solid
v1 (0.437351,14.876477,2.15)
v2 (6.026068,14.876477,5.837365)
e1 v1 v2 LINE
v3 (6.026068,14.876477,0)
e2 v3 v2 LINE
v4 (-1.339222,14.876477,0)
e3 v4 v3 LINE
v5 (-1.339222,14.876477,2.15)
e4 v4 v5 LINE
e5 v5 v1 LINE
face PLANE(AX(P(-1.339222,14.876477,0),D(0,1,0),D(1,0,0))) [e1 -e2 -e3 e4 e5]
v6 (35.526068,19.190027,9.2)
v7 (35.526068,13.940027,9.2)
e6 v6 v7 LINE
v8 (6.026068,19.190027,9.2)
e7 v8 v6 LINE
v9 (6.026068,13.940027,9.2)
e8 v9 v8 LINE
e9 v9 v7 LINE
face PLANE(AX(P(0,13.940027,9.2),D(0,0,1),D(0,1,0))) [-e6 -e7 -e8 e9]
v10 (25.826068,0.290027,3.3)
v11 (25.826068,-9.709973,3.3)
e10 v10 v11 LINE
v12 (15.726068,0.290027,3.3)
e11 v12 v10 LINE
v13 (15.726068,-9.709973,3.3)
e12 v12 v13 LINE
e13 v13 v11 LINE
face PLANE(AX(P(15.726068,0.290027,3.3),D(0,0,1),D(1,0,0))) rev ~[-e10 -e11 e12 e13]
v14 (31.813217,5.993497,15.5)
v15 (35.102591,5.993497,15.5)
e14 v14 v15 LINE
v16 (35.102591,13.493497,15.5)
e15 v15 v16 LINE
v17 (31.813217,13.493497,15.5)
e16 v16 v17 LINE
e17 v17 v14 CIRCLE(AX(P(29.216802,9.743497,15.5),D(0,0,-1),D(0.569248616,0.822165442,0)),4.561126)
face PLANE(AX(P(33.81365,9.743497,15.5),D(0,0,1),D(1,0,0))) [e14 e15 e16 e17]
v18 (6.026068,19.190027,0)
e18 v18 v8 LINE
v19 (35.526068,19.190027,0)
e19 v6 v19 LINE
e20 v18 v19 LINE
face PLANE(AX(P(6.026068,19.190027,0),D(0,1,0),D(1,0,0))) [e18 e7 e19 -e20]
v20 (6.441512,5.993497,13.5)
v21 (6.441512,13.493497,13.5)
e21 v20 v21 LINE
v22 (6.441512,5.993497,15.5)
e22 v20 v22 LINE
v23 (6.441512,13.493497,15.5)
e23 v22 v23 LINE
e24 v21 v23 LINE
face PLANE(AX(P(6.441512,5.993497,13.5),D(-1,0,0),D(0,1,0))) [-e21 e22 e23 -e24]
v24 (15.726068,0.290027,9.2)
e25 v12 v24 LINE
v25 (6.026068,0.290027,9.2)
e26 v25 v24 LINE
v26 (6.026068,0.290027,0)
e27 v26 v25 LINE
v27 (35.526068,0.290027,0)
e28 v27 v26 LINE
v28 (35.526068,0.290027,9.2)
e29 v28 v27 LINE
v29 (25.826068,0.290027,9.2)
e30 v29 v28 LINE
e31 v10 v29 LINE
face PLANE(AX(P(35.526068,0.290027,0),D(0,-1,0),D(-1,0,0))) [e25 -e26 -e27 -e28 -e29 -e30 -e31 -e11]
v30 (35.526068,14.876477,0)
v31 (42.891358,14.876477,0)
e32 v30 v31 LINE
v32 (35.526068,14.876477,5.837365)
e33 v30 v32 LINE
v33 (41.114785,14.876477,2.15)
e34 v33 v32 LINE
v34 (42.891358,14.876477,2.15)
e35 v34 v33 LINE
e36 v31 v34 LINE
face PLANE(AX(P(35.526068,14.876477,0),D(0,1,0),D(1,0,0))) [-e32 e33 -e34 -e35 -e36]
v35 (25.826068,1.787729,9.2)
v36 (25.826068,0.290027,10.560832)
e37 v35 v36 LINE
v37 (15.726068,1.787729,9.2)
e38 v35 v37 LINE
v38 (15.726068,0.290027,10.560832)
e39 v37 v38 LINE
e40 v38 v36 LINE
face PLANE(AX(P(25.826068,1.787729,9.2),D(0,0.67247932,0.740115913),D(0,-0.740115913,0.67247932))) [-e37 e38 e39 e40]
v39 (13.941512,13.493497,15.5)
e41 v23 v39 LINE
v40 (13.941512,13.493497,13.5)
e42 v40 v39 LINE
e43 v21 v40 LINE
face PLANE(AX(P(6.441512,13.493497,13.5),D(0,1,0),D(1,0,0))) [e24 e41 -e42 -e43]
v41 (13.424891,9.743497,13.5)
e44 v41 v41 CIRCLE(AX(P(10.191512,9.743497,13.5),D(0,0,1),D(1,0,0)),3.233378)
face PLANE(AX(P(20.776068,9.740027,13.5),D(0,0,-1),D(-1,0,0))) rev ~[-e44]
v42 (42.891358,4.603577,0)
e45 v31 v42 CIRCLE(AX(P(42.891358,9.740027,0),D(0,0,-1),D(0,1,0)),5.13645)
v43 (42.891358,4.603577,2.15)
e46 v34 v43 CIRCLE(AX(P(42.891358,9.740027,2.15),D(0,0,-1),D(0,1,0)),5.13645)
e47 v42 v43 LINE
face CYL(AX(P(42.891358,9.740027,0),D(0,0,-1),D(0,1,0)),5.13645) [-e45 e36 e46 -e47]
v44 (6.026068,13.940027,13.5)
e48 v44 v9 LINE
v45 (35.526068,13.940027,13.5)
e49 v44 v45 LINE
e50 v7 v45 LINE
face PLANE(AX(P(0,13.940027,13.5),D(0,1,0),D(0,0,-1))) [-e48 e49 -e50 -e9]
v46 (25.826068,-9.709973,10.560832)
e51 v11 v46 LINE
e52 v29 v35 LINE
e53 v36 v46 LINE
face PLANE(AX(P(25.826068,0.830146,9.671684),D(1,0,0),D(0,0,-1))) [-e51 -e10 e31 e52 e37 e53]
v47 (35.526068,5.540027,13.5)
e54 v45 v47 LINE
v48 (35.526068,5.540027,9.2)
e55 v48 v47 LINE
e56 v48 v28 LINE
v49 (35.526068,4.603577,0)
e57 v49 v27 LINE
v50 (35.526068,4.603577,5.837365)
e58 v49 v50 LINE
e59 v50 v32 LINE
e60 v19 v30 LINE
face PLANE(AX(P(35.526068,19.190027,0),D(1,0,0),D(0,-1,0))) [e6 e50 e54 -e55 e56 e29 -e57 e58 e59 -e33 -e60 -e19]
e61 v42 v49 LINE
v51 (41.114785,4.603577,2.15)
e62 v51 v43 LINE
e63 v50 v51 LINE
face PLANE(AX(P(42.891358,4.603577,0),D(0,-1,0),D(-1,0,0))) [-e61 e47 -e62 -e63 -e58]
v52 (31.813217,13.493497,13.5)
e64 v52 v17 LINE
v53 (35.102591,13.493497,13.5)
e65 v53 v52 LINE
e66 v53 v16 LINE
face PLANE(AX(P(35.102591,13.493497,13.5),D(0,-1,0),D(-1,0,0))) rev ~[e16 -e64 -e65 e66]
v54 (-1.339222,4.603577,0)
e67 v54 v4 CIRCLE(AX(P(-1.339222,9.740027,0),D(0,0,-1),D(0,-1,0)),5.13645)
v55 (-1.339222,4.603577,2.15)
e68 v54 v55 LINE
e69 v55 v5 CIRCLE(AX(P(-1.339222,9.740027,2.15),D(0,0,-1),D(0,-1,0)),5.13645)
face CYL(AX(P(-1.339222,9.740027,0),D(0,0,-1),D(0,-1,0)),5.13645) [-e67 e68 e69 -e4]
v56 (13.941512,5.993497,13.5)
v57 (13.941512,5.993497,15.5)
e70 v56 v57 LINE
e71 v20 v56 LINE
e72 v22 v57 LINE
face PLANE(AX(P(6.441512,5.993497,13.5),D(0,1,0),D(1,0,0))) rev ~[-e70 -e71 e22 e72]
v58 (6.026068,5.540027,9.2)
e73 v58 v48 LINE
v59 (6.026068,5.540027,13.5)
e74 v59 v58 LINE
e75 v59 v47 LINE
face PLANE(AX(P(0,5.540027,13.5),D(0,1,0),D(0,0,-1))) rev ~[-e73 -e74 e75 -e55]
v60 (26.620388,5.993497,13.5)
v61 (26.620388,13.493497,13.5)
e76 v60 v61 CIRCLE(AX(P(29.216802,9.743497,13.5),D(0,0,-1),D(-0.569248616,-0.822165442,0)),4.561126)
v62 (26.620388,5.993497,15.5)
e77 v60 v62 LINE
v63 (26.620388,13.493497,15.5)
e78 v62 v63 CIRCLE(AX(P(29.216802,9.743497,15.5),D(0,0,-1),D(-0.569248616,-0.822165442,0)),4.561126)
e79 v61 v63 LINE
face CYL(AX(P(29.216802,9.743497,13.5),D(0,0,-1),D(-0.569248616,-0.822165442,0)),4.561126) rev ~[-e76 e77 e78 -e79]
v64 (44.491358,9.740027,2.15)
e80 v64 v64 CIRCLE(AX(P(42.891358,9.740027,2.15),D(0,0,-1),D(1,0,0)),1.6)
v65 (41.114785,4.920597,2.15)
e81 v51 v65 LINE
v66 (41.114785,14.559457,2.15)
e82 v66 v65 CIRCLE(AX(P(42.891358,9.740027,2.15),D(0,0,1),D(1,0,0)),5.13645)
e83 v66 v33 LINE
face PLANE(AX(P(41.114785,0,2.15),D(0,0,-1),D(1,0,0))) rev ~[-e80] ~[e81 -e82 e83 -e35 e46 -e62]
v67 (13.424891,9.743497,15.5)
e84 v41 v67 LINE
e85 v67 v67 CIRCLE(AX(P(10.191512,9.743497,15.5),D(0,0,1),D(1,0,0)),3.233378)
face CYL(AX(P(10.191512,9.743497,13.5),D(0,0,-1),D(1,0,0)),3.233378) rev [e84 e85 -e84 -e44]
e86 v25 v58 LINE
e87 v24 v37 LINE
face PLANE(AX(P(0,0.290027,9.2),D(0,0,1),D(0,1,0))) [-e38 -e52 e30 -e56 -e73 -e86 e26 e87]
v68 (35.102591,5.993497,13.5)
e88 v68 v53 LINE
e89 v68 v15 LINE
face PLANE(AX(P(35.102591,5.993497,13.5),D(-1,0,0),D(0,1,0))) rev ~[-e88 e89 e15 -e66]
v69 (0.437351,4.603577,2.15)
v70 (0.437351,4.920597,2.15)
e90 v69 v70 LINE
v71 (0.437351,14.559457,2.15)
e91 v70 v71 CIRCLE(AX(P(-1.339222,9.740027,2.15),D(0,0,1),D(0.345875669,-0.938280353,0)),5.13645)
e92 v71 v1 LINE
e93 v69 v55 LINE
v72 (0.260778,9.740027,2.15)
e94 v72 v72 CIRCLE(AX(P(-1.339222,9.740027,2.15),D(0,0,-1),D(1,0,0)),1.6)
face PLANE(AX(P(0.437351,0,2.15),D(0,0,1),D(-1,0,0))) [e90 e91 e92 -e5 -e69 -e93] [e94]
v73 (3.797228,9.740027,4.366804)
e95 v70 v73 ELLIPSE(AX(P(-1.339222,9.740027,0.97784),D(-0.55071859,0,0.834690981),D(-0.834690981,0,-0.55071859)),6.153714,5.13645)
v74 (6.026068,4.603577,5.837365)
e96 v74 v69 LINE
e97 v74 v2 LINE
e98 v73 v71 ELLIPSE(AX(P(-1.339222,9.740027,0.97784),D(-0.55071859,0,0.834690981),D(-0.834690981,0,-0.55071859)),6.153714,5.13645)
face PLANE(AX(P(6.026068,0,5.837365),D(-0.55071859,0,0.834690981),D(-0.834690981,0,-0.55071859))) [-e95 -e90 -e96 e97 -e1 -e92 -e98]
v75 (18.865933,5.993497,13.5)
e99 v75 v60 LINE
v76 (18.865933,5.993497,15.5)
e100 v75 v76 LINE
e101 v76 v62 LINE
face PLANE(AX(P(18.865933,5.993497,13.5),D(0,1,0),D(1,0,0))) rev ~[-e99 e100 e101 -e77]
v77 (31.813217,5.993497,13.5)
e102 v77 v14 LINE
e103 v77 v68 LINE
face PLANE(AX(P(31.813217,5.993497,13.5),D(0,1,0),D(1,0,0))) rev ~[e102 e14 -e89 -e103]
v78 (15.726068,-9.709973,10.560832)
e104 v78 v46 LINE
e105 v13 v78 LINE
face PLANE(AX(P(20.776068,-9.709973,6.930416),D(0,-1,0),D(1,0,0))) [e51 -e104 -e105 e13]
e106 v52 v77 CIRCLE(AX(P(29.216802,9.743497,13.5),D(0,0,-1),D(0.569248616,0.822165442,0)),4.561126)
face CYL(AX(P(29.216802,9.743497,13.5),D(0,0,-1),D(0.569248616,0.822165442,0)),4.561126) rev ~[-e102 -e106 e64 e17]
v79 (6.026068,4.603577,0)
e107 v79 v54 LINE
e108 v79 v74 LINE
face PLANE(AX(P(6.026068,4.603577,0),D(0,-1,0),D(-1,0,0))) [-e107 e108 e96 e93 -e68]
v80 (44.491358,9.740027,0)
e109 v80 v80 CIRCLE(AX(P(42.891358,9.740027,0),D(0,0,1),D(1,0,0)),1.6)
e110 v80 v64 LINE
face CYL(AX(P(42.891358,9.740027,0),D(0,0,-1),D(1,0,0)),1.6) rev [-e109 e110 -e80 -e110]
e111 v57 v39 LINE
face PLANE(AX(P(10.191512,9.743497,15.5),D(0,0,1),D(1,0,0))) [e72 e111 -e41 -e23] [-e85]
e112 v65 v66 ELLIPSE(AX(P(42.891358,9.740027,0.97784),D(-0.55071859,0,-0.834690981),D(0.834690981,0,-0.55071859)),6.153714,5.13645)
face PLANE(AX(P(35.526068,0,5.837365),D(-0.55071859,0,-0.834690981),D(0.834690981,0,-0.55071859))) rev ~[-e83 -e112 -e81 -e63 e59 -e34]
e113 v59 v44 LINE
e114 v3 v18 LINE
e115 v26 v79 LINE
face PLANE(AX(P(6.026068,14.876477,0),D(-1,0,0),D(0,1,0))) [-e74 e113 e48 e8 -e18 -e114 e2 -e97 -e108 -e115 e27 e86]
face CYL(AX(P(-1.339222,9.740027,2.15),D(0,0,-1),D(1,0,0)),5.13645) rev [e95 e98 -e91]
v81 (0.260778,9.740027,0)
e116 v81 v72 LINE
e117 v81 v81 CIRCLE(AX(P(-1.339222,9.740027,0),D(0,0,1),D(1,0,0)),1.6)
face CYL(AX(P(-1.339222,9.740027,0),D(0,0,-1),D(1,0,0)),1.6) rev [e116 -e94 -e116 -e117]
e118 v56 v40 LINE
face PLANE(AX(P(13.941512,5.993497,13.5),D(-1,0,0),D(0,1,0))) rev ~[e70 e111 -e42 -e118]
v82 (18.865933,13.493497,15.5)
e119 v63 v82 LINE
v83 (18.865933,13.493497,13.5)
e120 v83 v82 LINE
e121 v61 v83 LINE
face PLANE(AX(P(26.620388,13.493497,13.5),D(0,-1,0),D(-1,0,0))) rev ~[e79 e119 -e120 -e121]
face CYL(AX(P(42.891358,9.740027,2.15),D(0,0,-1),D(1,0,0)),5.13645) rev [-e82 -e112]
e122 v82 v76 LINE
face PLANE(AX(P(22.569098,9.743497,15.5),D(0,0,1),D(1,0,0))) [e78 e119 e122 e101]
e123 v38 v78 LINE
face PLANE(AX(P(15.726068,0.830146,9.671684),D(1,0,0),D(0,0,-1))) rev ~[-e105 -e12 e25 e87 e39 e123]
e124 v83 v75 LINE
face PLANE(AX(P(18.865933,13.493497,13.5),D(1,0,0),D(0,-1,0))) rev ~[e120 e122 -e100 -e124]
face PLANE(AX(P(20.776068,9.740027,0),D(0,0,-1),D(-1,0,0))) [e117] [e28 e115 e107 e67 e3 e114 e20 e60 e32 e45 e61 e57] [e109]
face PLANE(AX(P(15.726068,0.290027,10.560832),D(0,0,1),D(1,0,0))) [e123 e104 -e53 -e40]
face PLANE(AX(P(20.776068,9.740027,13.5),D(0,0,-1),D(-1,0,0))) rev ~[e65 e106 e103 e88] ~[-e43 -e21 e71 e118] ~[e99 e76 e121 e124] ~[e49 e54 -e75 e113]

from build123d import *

# Parameters (mm, degrees)
SKETCH1_R           = 1.6
BOSS_EXTRUDE1_DEPTH = 13.5
CUT_EXTRUDE2_DEPTH  = 54.452572483
SKETCH3_W           = 4.3
SKETCH3_H           = 5.25
CUT_EXTRUDE4_DEPTH  = 54.452572483
SKETCH4_W           = 7.5
SKETCH4_H           = 7.5
SKETCH4_R           = 3.233378309
BOSS_EXTRUDE2_DEPTH = 2
CUT_EXTRUDE6_START  = -7.05
SKETCH5_R           = 5.136449747
CUT_EXTRUDE6_DEPTH  = 7.05
SKETCH6_W           = 10.1
SKETCH6_H           = 7.260831794
BOSS_EXTRUDE3_DEPTH = 10
BOSS_EXTRUDE4_DEPTH = 10.1


with BuildPart() as part:
    # Sketch1 → Boss-Extrude1 (new body)
    with BuildSketch(Plane.XY):
        with BuildLine():
            Line((6.026068185, 19.19002712), (35.526068185, 19.19002712))
            Line((35.526068185, 19.19002712), (35.526068185, 14.876476867))
            Line((35.526068185, 14.876476867), (42.891358492, 14.876476867))
            ThreePointArc((42.891358492, 14.876476867), (48.027808239, 9.74002712), (42.891358492, 4.603577373))
            Line((42.891358492, 4.603577373), (35.526068185, 4.603577373))
            Line((35.526068185, 4.603577373), (35.526068185, 0.29002712))
            Line((35.526068185, 0.29002712), (6.026068185, 0.29002712))
            Line((6.026068185, 0.29002712), (6.026068185, 4.603577373))
            Line((6.026068185, 4.603577373), (-1.339222121, 4.603577373))
            ThreePointArc((-1.339222121, 4.603577373), (-6.475671868, 9.74002712), (-1.339222121, 14.876476867))
            Line((-1.339222121, 14.876476867), (6.026068185, 14.876476867))
            Line((6.026068185, 14.876476867), (6.026068185, 19.19002712))
        make_face()
        with Locations((-1.339222121, 9.74002712)):
            Circle(SKETCH1_R, mode=Mode.SUBTRACT)
        with Locations((42.891358492, 9.74002712)):
            Circle(SKETCH1_R, mode=Mode.SUBTRACT)
    extrude(amount=BOSS_EXTRUDE1_DEPTH)

    # Sketch2 → Cut-Extrude2 (cut, through all)
    with BuildSketch(Plane(origin=(0, 0, 0), x_dir=(1, 0, 0), z_dir=(0, 1, 0))):
        Polygon((-6.475671868, -2.15), (-6.475671868, 0), (-10.044911126, 0), (-10.044911126, -17.049735049), (6.026068185, -17.049735049), (6.026068185, -5.837365249), (0.437350873, -2.15), align=None)
        Polygon((48.027808239, 0), (51.597047497, 0), (51.597047497, -17.049735049), (35.526068185, -17.049735049), (35.526068185, -5.837365249), (41.114785497, -2.15), (48.027808239, -2.15), align=None)
    extrude(amount=CUT_EXTRUDE2_DEPTH, mode=Mode.SUBTRACT)

    # Sketch3 → Cut-Extrude4 (cut, through all)
    with BuildSketch(Plane(origin=(0, 0, 0), x_dir=(0, 0, -1), z_dir=(1, 0, 0))):
        with Locations((-11.35, 16.56502712)):
            Rectangle(SKETCH3_W, SKETCH3_H)
        with Locations((-11.35, 2.91502712)):
            Rectangle(SKETCH3_W, SKETCH3_H)
    extrude(amount=CUT_EXTRUDE4_DEPTH, mode=Mode.SUBTRACT)

    # Sketch4 → Boss-Extrude2 (add)
    # profile 1 of 3: a face of its own
    with BuildSketch(Plane.XY.offset(13.5)):
        with Locations((10.1915125, 9.743497044)):
            Rectangle(SKETCH4_W, SKETCH4_H)
        with Locations((10.1915125, 9.743497044)):
            Circle(SKETCH4_R, mode=Mode.SUBTRACT)
    # profile 2 of 3: a face of its own
    with BuildSketch(Plane.XY.offset(13.5)):
        with BuildLine():
            Line((35.102590636, 13.493497044), (31.813216882, 13.493497044))
            ThreePointArc((31.813216882, 13.493497044), (33.77792813, 9.743497044), (31.813216882, 5.993497044))
            Line((31.813216882, 5.993497044), (35.102590636, 5.993497044))
            Line((35.102590636, 5.993497044), (35.102590636, 13.493497044))
        make_face()
    # profile 3 of 3: a face of its own
    with BuildSketch(Plane.XY.offset(13.5)):
        with BuildLine():
            Line((18.865933267, 13.493497044), (18.865933267, 5.993497044))
            Line((18.865933267, 5.993497044), (26.620387797, 5.993497044))
            ThreePointArc((26.620387797, 5.993497044), (24.655676549, 9.743497044), (26.620387797, 13.493497044))
            Line((26.620387797, 13.493497044), (18.865933267, 13.493497044))
        make_face()
    extrude(amount=BOSS_EXTRUDE2_DEPTH)

    # Sketch5 → Cut-Extrude6 (cut)
    with BuildSketch(Plane.XY.offset(9.2).offset(CUT_EXTRUDE6_START)):
        with Locations((-1.339222121, 9.74002712)):
            Circle(SKETCH5_R)
        with Locations((42.891358492, 9.74002712)):
            Circle(SKETCH5_R)
    extrude(amount=CUT_EXTRUDE6_DEPTH, mode=Mode.SUBTRACT)

    # Sketch6 → Boss-Extrude3 (add)
    with BuildSketch(Plane.XZ.offset(-0.29002712)):
        with Locations((20.776068185, 6.930415897)):
            Rectangle(SKETCH6_W, SKETCH6_H)
    extrude(amount=BOSS_EXTRUDE3_DEPTH)

    # Sketch7 → Boss-Extrude4 (add)
    with BuildSketch(Plane(origin=(25.826068185, 0, 0), x_dir=(0, 0, -1), z_dir=(1, 0, 0))):
        Polygon((-10.560831794, 0.29002712), (-9.2, 0.29002712), (-9.2, 1.787728589), align=None)
    extrude(amount=-BOSS_EXTRUDE4_DEPTH)


solid = part.part
